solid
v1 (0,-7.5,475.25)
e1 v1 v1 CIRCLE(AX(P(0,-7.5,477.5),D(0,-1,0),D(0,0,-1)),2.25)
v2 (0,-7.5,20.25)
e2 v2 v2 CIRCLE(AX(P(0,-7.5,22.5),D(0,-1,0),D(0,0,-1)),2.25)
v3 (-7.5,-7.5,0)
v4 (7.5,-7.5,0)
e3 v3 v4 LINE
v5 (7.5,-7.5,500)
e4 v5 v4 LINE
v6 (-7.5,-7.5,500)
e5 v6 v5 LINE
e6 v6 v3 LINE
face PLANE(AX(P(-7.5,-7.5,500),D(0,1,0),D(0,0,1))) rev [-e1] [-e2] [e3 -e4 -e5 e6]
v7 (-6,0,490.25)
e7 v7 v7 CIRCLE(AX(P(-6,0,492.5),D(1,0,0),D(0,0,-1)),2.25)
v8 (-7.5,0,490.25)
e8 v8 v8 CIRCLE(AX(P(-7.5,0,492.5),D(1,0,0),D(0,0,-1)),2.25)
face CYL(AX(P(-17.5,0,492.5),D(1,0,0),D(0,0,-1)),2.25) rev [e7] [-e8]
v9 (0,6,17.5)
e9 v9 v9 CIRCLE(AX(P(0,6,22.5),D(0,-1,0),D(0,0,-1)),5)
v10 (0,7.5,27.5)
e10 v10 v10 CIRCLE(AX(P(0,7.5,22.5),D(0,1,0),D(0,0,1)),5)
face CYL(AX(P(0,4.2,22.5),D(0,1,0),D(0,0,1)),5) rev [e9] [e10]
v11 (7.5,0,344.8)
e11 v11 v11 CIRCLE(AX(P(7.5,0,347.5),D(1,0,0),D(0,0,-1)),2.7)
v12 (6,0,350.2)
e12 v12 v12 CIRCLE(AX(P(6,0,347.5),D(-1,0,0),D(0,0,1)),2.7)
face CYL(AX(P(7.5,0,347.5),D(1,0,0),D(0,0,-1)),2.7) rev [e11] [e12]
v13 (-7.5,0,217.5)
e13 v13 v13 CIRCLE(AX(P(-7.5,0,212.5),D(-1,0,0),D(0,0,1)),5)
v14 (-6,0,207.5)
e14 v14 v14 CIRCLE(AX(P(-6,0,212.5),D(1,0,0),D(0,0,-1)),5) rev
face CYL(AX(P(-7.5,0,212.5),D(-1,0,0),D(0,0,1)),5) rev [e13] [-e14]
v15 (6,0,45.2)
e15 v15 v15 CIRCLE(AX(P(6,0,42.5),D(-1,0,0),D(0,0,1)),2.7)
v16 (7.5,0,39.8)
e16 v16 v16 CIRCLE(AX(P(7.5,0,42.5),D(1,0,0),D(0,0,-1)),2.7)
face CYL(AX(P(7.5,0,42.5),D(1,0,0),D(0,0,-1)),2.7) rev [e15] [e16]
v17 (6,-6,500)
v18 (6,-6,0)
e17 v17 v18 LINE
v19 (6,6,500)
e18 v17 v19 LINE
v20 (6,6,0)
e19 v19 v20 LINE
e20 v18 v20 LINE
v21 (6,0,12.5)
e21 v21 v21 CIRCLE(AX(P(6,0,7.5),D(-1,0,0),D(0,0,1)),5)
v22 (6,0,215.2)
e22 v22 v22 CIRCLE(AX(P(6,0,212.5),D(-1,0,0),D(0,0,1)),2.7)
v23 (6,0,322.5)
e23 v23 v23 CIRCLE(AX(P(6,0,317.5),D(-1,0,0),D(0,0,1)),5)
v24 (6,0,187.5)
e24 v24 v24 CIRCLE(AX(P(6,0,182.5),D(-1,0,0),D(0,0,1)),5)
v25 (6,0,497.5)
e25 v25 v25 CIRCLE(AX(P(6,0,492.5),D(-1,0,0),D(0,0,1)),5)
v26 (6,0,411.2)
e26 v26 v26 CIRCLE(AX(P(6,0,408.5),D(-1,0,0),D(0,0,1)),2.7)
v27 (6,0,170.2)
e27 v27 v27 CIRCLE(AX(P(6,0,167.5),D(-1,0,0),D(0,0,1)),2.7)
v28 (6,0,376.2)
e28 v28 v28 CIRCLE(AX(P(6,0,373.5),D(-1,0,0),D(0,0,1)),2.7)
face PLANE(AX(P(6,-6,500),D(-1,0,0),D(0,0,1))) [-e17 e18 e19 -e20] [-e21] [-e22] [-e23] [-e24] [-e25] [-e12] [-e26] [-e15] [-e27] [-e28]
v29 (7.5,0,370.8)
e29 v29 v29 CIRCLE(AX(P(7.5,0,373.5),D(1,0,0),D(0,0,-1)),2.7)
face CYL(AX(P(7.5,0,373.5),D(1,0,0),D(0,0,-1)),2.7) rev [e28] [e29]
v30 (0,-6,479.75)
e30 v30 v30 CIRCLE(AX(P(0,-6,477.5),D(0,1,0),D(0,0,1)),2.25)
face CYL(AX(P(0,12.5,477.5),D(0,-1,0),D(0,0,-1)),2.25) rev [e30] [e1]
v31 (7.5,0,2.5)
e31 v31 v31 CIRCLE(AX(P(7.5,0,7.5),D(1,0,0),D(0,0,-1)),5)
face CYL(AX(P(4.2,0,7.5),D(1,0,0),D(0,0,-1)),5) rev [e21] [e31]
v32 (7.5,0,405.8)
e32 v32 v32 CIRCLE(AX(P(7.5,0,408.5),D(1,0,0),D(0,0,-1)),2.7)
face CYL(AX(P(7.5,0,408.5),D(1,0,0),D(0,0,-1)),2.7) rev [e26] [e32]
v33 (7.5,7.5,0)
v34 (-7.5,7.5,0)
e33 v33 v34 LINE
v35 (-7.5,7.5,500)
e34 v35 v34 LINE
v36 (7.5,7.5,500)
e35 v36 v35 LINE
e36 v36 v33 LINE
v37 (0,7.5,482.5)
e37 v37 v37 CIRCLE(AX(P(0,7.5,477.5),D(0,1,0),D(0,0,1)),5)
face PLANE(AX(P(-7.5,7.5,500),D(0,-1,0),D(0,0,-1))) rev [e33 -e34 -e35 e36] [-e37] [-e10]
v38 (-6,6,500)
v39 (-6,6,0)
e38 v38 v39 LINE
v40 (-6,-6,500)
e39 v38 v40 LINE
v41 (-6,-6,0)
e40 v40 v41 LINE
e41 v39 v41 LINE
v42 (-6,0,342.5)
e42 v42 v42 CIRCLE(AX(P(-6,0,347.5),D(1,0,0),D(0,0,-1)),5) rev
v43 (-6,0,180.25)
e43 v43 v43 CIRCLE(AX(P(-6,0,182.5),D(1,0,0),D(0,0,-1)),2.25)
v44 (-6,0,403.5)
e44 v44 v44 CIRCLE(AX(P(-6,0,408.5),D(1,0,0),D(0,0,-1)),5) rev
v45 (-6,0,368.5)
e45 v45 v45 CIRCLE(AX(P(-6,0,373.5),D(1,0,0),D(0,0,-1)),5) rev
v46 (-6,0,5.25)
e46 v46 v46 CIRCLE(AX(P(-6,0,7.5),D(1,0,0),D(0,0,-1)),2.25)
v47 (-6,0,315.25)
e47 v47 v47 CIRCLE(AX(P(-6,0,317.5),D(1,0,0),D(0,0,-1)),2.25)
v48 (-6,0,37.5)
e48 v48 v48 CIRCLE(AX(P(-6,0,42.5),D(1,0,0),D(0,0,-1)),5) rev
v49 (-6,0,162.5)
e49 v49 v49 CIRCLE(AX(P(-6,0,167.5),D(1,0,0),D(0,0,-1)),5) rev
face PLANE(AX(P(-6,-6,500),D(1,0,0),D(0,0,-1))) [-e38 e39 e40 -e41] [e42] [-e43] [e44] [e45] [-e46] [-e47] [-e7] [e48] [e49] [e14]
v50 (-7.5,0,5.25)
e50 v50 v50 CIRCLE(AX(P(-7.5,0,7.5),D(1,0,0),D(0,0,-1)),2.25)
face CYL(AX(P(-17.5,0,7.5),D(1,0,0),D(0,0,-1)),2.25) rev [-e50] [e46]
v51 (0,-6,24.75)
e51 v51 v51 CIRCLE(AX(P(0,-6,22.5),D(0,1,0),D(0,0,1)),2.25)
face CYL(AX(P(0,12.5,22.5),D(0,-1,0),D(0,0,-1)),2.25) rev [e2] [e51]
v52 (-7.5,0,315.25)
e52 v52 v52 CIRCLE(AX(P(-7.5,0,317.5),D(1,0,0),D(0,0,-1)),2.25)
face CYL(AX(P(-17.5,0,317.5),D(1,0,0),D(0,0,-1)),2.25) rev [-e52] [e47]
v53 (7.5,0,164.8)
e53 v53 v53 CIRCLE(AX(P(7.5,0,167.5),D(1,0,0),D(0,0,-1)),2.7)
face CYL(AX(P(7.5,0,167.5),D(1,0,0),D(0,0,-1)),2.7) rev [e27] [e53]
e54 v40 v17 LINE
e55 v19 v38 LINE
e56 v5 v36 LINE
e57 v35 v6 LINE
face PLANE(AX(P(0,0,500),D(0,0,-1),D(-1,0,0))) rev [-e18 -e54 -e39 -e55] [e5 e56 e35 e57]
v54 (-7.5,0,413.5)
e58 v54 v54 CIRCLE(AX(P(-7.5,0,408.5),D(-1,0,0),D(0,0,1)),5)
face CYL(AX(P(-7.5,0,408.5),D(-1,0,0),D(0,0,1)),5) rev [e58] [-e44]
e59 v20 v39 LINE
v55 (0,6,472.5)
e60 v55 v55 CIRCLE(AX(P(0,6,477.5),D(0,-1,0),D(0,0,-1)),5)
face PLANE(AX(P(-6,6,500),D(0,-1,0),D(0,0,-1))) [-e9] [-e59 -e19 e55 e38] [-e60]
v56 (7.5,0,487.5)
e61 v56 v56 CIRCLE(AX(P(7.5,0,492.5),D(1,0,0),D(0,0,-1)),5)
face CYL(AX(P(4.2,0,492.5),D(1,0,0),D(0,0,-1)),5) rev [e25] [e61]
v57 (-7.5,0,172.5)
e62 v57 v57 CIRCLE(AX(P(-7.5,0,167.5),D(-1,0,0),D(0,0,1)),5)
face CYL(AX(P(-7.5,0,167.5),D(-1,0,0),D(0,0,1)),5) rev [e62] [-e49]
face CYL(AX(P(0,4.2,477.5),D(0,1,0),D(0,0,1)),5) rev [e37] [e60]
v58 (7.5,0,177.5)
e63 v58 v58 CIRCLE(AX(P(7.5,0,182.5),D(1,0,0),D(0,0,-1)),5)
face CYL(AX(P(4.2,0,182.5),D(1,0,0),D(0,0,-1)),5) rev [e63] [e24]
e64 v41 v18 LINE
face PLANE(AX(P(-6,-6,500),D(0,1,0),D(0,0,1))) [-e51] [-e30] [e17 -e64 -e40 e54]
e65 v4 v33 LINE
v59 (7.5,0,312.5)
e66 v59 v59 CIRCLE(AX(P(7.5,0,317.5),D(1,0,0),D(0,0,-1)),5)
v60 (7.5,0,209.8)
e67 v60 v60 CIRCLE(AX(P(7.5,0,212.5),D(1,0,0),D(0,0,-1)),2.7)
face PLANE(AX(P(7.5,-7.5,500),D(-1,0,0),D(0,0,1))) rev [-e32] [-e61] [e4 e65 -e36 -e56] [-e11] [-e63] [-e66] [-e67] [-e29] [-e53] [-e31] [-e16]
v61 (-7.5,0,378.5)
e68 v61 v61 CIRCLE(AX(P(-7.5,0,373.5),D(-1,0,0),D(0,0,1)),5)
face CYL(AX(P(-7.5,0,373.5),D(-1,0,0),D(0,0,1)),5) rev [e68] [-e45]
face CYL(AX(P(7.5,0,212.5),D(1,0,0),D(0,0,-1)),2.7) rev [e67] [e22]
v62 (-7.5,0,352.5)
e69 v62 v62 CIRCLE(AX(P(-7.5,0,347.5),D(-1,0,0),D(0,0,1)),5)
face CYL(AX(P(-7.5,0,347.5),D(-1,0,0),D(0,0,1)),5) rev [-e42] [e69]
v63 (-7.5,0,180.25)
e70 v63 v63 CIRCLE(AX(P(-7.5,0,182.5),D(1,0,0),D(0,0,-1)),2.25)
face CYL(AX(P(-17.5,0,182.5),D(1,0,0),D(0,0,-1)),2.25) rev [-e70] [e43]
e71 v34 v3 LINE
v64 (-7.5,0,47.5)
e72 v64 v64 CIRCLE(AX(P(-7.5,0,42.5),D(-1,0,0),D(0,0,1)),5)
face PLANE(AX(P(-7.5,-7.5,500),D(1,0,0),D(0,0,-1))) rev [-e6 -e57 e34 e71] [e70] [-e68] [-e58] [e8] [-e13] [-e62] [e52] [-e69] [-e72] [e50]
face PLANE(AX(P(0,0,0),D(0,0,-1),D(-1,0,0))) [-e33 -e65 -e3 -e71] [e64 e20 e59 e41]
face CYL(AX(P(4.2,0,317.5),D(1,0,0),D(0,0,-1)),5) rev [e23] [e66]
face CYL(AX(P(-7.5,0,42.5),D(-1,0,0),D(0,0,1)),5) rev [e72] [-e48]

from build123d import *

# Parameters (mm, degrees)
SKETCH_1_W                  = 15
SKETCH_1_H                  = 15
SKETCH_1_W_2                = 12
SKETCH_1_H_2                = 12
EXTRUDE_1_DEPTH             = 500
SKETCH_2_R                  = 2.25
CUT_EXTRUDE_1_DEPTH         = 25
SKETCH_4_R                  = 2.25
CUT_EXTRUDE_3_DEPTH         = 20
SKETCH_5_R                  = 5
CUT_EXTRUDE_4_DEPTH         = 3.3
SKETCH_6_R                  = 5
CUT_EXTRUDE_5_DEPTH         = 3.3
HOLE_WIZARD_5_4_5_4_1_D     = 5.4
HOLE_WIZARD_10_0_10_1_D     = 10
HOLE_WIZARD_10_0_10_1_DEPTH = 1.5
HOLE_WIZARD_10_0_10_1_TIP   = 3.004303095


with BuildPart() as part:
    # ｽｹｯﾁ1 → ﾎﾞｽ - 押し出し1 (new body)
    with BuildSketch(Plane.XY):
        Rectangle(SKETCH_1_W, SKETCH_1_H)
        Rectangle(SKETCH_1_W_2, SKETCH_1_H_2, mode=Mode.SUBTRACT)
    extrude(amount=EXTRUDE_1_DEPTH)

    # ｽｹｯﾁ2 → ｶｯﾄ - 押し出し1 (cut)
    with BuildSketch(Plane(origin=(7.5, 0, 0), x_dir=(0, 0, -1), z_dir=(1, 0, 0))):
        with Locations((-492.5, 0)):
            Circle(SKETCH_2_R)
        with Locations((-7.5, 0)):
            Circle(SKETCH_2_R)
        with Locations((-317.5, 0)):
            Circle(SKETCH_2_R)
        with Locations((-182.5, 0)):
            Circle(SKETCH_2_R)
    extrude(amount=-CUT_EXTRUDE_1_DEPTH, mode=Mode.SUBTRACT)

    # ｽｹｯﾁ4 → ｶｯﾄ - 押し出し3 (cut)
    with BuildSketch(Plane(origin=(0, -7.5, 0), x_dir=(-1, 0, 0), z_dir=(0, -1, 0))):
        with Locations((0, -22.5)):
            Circle(SKETCH_4_R)
        with Locations((0, -477.5)):
            Circle(SKETCH_4_R)
    extrude(amount=-CUT_EXTRUDE_3_DEPTH, mode=Mode.SUBTRACT)

    # ｽｹｯﾁ5 → ｶｯﾄ - 押し出し4 (cut)
    with BuildSketch(Plane(origin=(7.5, 0, 0), x_dir=(0, 0, -1), z_dir=(1, 0, 0))):
        with Locations((-492.5, 0)):
            Circle(SKETCH_5_R)
        with Locations((-7.5, 0)):
            Circle(SKETCH_5_R)
        with Locations((-182.5, 0)):
            Circle(SKETCH_5_R)
        with Locations((-317.5, 0)):
            Circle(SKETCH_5_R)
    extrude(amount=-CUT_EXTRUDE_4_DEPTH, mode=Mode.SUBTRACT)

    # ｽｹｯﾁ6 → ｶｯﾄ - 押し出し5 (cut)
    with BuildSketch(Plane(origin=(0, 7.5, 0), x_dir=(1, 0, 0), z_dir=(0, 1, 0))):
        with Locations((0, -22.5)):
            Circle(SKETCH_6_R)
        with Locations((0, -477.5)):
            Circle(SKETCH_6_R)
    extrude(amount=-CUT_EXTRUDE_5_DEPTH, mode=Mode.SUBTRACT)

    # Ø5.4 (5.4) 直径の穴1 (through all)
    with Locations(Plane(origin=(7.5, 0, 0), x_dir=(0, 0, -1), z_dir=(1, 0, 0))):
        with Locations((-347.5, 0), (-212.5, 0), (-167.5, 0), (-42.5, 0), (-373.5, 0), (-408.5, 0)):
            Hole(HOLE_WIZARD_5_4_5_4_1_D / 2)

    # Ø10.0 (10) 直径の穴1
    with Locations(Plane.ZY.offset(7.5)):
        with Locations((347.5, 0), (212.5, 0), (167.5, 0), (42.5, 0), (373.5, 0), (408.5, 0)):
            Hole(HOLE_WIZARD_10_0_10_1_D / 2, depth=HOLE_WIZARD_10_0_10_1_DEPTH)
            with Locations((0, 0, -(HOLE_WIZARD_10_0_10_1_DEPTH + HOLE_WIZARD_10_0_10_1_TIP / 2))):  # 118° drill point
                Cone(0, HOLE_WIZARD_10_0_10_1_D / 2, HOLE_WIZARD_10_0_10_1_TIP, mode=Mode.SUBTRACT)


solid = part.part
